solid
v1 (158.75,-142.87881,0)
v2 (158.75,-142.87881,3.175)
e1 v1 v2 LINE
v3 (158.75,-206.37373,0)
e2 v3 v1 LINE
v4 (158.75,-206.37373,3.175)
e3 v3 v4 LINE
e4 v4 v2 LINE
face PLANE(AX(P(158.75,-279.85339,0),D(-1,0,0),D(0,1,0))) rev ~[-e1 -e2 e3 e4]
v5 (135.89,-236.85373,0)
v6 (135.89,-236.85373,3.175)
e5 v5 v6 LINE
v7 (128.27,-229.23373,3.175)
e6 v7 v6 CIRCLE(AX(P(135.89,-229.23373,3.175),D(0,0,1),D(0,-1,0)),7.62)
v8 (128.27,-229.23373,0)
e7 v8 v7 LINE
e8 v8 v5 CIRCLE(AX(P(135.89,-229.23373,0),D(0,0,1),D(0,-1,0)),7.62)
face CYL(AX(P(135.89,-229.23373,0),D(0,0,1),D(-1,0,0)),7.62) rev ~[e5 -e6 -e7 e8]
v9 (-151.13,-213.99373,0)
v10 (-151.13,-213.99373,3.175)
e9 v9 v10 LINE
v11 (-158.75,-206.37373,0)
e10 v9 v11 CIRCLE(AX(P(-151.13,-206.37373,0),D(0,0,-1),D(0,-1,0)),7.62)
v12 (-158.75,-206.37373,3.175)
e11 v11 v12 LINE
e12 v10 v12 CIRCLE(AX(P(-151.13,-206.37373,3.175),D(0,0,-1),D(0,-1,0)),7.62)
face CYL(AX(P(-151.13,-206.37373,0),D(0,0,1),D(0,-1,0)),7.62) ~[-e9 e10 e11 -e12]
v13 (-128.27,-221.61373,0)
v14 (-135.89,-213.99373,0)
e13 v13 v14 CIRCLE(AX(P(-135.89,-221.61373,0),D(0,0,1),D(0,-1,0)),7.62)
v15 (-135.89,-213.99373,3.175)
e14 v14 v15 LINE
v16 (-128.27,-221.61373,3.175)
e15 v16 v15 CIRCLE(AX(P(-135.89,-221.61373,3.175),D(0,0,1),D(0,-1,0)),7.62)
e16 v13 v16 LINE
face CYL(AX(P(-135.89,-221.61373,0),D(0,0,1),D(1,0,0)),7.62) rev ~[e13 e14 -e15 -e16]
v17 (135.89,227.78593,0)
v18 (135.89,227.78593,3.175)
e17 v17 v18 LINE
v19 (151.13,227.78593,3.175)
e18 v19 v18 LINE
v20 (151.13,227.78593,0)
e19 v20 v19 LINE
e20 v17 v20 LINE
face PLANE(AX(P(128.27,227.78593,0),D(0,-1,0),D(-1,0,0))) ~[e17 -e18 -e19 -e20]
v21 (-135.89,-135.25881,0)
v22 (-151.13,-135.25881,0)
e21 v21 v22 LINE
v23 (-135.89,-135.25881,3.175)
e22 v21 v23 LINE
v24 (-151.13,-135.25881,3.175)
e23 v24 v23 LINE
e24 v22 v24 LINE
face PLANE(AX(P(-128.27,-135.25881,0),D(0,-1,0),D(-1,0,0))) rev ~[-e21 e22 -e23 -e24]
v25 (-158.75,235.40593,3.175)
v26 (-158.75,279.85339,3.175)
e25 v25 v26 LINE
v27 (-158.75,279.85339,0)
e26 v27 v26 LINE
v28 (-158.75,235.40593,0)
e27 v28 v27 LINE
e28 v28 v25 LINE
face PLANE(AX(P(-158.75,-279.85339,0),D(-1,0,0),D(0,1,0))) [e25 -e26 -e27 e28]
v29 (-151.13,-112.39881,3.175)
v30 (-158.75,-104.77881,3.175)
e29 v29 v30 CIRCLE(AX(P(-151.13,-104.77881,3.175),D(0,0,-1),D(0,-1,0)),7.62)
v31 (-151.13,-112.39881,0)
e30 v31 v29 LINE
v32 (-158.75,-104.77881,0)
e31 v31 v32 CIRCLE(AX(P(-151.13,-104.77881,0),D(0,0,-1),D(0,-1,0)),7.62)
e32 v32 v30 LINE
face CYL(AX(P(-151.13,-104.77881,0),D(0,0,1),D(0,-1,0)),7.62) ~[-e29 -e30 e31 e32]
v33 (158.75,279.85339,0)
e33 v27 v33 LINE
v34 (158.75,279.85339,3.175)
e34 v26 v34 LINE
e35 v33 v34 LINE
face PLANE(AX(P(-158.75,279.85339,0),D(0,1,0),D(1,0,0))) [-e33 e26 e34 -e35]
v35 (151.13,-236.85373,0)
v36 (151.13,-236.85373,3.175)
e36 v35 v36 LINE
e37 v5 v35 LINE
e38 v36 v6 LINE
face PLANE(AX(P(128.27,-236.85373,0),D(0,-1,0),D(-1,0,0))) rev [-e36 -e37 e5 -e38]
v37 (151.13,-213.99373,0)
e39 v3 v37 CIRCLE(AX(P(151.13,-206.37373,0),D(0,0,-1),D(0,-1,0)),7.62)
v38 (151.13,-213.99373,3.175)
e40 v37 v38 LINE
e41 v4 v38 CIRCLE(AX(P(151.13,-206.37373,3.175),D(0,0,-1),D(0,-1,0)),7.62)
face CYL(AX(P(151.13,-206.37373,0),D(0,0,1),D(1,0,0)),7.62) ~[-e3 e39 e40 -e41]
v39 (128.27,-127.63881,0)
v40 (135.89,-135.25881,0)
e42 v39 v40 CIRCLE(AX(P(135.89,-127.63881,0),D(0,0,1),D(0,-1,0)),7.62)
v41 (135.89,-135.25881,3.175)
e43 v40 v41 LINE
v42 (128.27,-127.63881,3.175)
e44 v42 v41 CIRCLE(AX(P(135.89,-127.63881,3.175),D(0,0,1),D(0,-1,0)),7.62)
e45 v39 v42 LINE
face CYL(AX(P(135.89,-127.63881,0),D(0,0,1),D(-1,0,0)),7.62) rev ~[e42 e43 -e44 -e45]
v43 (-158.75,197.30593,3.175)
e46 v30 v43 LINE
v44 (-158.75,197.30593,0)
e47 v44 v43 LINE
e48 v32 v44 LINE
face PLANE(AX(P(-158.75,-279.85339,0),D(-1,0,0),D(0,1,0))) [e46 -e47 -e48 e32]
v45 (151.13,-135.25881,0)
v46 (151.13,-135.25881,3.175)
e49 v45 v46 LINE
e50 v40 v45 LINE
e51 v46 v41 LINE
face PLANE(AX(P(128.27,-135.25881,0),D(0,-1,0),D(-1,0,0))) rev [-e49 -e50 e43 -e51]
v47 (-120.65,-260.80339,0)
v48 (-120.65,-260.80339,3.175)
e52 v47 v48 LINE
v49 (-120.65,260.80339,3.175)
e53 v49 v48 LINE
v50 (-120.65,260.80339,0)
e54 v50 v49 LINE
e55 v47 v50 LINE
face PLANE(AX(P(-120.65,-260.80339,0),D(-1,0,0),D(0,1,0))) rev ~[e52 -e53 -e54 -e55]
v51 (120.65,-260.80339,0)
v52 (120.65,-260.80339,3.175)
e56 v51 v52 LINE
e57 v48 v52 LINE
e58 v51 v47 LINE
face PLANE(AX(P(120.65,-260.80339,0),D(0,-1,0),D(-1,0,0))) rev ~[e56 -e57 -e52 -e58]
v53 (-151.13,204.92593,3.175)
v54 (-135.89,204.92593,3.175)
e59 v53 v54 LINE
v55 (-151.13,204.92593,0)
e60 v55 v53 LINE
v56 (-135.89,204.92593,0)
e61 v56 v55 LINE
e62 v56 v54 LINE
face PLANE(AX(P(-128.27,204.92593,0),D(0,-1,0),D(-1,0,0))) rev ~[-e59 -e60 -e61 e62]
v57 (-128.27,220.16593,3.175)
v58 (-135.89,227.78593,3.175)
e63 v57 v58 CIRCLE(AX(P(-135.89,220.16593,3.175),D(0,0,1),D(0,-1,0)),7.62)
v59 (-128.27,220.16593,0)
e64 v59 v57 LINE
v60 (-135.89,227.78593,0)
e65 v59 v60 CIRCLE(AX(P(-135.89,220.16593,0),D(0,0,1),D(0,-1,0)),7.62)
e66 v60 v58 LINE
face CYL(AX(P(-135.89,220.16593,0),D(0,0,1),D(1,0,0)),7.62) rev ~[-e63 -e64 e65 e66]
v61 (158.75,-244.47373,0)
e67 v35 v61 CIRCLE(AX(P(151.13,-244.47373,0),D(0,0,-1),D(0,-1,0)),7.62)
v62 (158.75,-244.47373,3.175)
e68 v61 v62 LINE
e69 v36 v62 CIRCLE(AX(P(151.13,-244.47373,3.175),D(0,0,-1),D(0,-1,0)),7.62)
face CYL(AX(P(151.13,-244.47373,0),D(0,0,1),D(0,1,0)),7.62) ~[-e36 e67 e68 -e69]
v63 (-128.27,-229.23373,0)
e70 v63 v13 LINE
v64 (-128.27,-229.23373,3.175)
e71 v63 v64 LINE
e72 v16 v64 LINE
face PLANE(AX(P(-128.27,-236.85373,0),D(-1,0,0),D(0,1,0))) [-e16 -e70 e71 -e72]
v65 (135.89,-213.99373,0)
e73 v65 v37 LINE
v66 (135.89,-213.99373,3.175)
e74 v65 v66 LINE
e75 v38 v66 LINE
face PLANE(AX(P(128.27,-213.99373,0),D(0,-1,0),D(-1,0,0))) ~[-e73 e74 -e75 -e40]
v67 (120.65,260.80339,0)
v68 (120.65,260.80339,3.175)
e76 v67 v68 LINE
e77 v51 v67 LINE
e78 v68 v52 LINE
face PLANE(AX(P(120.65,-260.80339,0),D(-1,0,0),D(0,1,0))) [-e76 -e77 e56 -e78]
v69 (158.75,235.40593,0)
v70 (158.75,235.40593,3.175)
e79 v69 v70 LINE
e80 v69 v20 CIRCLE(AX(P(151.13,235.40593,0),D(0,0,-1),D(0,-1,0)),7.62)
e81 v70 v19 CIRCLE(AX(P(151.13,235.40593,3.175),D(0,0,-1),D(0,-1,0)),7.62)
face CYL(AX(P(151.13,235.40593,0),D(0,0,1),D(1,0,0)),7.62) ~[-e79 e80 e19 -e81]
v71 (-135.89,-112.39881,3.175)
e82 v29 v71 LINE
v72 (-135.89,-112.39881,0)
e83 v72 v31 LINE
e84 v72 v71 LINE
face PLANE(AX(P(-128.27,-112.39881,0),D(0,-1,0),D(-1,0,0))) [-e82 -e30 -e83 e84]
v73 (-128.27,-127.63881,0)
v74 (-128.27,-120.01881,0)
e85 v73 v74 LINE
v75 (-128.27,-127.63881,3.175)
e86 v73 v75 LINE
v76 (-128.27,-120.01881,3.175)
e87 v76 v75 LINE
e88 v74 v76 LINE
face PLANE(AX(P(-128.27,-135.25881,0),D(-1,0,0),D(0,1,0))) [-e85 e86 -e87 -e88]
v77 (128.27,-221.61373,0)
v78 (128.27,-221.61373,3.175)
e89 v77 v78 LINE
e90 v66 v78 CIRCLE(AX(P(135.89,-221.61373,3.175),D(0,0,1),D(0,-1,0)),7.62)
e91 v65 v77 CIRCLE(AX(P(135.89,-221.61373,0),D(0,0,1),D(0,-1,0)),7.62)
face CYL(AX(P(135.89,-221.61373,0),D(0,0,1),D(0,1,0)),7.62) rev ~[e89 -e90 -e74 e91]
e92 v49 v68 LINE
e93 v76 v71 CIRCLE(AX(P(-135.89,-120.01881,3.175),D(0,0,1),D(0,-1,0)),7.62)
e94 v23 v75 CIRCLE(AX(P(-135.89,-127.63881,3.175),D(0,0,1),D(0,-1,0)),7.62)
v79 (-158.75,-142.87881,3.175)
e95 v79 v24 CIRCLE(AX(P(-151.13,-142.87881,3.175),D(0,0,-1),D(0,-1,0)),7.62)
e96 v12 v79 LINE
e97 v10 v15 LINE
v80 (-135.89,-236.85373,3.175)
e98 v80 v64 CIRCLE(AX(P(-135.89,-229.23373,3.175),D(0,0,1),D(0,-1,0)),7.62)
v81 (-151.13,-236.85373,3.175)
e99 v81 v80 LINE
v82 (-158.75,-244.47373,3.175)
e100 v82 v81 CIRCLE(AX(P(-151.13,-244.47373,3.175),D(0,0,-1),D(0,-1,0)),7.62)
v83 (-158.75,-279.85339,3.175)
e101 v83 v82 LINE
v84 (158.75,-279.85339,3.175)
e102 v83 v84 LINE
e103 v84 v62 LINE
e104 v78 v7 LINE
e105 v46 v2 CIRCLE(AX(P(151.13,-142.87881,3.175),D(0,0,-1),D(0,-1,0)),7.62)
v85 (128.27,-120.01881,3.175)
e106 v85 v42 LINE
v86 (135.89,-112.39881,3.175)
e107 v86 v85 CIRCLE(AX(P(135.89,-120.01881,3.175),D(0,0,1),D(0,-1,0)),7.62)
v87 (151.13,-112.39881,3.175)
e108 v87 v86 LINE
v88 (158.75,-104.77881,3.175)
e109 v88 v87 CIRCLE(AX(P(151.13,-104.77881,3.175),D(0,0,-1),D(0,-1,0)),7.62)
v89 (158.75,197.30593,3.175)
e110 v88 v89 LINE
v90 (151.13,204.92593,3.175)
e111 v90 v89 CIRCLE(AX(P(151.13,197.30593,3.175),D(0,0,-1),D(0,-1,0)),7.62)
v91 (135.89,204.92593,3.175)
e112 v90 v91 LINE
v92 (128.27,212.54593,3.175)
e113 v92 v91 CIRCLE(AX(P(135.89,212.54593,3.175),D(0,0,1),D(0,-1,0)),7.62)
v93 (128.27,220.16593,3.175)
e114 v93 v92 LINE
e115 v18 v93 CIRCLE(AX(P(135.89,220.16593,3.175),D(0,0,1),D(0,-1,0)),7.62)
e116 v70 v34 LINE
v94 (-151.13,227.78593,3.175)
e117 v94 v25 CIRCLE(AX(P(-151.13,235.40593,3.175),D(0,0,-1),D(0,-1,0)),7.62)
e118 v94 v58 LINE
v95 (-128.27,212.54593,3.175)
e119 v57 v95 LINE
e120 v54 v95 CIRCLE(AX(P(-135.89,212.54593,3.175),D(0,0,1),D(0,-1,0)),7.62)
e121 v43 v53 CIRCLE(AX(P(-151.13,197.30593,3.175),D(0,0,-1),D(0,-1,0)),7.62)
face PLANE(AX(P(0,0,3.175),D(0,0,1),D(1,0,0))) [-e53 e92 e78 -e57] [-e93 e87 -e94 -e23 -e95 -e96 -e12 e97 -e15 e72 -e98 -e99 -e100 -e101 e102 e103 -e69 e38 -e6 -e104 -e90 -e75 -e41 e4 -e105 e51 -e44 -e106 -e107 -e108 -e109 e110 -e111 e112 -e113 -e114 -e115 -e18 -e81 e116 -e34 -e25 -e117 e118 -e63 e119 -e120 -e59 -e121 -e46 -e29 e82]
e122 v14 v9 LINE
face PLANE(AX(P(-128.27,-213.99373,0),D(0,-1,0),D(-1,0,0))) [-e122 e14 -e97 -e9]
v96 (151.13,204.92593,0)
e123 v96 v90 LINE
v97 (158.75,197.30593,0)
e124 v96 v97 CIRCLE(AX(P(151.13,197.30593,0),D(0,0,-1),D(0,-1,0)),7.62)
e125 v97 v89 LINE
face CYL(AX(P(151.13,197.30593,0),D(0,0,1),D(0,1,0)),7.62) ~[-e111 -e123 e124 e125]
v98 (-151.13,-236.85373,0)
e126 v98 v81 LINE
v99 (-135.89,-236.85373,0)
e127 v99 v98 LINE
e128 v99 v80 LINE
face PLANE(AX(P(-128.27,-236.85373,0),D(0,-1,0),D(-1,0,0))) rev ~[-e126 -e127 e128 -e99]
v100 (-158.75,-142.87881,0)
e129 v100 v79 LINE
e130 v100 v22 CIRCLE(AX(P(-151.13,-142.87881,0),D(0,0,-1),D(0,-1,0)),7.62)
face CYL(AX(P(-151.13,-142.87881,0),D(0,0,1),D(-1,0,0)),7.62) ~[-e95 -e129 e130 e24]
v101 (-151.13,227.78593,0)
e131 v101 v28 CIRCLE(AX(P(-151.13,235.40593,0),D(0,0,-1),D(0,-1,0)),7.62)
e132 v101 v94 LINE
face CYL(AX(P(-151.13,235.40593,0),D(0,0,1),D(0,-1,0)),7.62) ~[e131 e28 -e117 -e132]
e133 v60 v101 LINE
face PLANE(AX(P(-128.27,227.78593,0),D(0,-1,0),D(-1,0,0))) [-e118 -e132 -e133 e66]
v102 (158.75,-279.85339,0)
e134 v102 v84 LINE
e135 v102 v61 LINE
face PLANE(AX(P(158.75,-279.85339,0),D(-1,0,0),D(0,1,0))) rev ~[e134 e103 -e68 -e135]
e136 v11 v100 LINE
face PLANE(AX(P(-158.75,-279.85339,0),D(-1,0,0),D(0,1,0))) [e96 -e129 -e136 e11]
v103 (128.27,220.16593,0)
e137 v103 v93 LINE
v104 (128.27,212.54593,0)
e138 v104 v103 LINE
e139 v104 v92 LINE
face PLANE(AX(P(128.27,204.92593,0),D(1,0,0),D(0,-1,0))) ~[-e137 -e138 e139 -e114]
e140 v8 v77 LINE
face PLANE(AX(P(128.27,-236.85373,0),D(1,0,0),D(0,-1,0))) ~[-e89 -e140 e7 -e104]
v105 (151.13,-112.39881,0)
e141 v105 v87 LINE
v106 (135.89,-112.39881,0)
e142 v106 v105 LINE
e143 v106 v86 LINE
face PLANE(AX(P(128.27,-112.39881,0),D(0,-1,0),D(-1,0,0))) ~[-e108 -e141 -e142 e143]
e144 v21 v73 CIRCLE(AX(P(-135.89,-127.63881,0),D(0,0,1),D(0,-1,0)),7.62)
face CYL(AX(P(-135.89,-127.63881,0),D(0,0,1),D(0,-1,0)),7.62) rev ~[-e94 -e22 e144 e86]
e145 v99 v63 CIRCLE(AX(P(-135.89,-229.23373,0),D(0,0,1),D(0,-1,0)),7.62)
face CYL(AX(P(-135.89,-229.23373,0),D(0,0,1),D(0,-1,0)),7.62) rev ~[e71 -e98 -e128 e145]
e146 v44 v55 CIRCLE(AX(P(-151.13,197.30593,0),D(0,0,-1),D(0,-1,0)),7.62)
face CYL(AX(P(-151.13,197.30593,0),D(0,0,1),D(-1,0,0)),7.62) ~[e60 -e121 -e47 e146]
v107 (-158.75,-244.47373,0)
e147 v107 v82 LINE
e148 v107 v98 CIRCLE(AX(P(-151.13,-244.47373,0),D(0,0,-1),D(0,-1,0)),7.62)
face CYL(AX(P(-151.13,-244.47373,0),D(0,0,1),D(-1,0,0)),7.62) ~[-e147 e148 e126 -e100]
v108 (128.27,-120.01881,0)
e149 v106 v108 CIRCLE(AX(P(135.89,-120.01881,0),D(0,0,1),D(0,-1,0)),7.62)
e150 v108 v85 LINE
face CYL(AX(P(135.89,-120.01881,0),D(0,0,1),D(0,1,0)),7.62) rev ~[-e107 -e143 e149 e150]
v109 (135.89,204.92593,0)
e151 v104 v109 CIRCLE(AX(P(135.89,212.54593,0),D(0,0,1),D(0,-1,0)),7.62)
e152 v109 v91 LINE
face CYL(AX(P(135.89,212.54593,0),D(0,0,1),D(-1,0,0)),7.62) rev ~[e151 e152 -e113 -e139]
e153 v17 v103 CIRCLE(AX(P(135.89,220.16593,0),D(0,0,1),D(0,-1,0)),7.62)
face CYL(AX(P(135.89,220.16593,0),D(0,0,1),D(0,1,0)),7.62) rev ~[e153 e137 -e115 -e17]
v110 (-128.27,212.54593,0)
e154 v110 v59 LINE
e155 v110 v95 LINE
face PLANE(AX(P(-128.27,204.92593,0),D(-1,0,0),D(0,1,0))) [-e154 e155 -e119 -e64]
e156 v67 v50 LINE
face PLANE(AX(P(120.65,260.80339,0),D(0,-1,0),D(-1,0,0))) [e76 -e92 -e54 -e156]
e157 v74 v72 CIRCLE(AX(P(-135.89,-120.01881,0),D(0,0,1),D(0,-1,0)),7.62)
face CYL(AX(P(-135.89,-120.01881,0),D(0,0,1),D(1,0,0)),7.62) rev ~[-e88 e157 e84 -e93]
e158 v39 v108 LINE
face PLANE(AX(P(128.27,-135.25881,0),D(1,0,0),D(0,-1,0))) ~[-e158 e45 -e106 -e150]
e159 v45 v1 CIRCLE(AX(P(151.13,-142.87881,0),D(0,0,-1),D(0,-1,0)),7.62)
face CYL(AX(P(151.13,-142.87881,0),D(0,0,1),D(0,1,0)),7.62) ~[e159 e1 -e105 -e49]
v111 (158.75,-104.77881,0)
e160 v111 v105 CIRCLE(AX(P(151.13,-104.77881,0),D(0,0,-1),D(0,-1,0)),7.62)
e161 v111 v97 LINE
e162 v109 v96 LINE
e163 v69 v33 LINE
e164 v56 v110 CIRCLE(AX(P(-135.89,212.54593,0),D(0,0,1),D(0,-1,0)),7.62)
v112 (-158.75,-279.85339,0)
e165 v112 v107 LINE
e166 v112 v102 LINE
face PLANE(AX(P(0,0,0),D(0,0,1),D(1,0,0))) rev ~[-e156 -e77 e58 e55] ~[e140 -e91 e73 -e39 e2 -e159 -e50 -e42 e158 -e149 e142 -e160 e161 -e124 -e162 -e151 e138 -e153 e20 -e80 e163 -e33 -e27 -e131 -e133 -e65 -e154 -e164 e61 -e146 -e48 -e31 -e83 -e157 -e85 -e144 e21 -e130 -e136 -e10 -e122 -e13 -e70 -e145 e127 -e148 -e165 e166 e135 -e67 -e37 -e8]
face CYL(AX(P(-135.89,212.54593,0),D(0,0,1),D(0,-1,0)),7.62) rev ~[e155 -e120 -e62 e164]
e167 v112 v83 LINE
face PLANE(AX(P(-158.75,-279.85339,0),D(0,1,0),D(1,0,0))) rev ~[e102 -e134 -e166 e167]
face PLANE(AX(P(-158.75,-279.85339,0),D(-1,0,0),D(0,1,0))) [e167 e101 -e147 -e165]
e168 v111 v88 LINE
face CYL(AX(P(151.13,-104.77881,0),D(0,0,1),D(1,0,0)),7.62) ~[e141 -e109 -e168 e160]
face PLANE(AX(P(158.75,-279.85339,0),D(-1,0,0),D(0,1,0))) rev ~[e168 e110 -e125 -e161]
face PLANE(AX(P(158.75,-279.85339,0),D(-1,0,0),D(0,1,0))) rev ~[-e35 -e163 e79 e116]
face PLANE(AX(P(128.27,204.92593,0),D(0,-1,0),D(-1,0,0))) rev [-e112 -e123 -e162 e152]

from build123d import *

# Parameters (mm, degrees)
SKETCH1_W           = 317.5
SKETCH1_H           = 559.70678
BOSS_EXTRUDE1_DEPTH = 3.175
SKETCH5_W           = 30.48
SKETCH5_H           = 22.86
CUT_EXTRUDE1_DEPTH  = 322.760101659
FILLET1_R           = 7.62
SKETCH5_3_W         = 241.3
SKETCH5_3_H         = 521.60678
CUT_EXTRUDE2_DEPTH  = 322.760101659


with BuildPart() as part:
    # Sketch1 → Boss-Extrude1 (new body)
    with BuildSketch(Plane.XY):
        Rectangle(SKETCH1_W, SKETCH1_H)
    extrude(amount=BOSS_EXTRUDE1_DEPTH)

    # Sketch5 → Cut-Extrude1 (cut, through all)
    with BuildSketch(Plane(origin=(0, 0, 0), x_dir=(-1, 0, 0), z_dir=(0, 0, -1))):
        with Locations((143.51, 216.35593)):
            Rectangle(SKETCH5_W, SKETCH5_H)
        with Locations((143.51, -123.82881)):
            Rectangle(SKETCH5_W, SKETCH5_H)
        with Locations((143.51, -225.42373)):
            Rectangle(SKETCH5_W, SKETCH5_H)
    cut_extrude1 = extrude(amount=-CUT_EXTRUDE1_DEPTH, mode=Mode.SUBTRACT)

    # Mirror1: Cut-Extrude1 across plane
    add(cut_extrude1.mirror(Plane(origin=(0, 0, 0), x_dir=(0, 0, 1), z_dir=(1, 0, 0))), mode=Mode.SUBTRACT)

    # Fillet1
    fillet1_edges = [part.edges().sort_by_distance(p)[0] for p in [
        (-128.27, 227.78593, 1.5875),
        (-158.75, 227.78593, 1.5875),
        (-158.75, 204.92593, 1.5875),
        (-128.27, 204.92593, 1.5875),
        (-128.27, -135.25881, 1.5875),
        (-128.27, -112.39881, 1.5875),
        (-158.75, -112.39881, 1.5875),
        (-158.75, -135.25881, 1.5875),
        (-128.27, -236.85373, 1.5875),
        (-128.27, -213.99373, 1.5875),
        (-158.75, -213.99373, 1.5875),
        (-158.75, -236.85373, 1.5875),
        (158.75, 227.78593, 1.5875),
        (128.27, 227.78593, 1.5875),
        (128.27, 204.92593, 1.5875),
        (158.75, 204.92593, 1.5875),
        (128.27, -112.39881, 1.5875),
        (128.27, -135.25881, 1.5875),
        (158.75, -135.25881, 1.5875),
        (158.75, -112.39881, 1.5875),
        (128.27, -213.99373, 1.5875),
        (128.27, -236.85373, 1.5875),
        (158.75, -236.85373, 1.5875),
        (158.75, -213.99373, 1.5875),
    ]]
    fillet(fillet1_edges, radius=FILLET1_R)

    # Sketch5<3> → Cut-Extrude2 (cut, through all)
    with BuildSketch(Plane(origin=(0, 0, 0), x_dir=(-1, 0, 0), z_dir=(0, 0, -1))):
        Rectangle(SKETCH5_3_W, SKETCH5_3_H)
    extrude(amount=-CUT_EXTRUDE2_DEPTH, mode=Mode.SUBTRACT)


solid = part.part
